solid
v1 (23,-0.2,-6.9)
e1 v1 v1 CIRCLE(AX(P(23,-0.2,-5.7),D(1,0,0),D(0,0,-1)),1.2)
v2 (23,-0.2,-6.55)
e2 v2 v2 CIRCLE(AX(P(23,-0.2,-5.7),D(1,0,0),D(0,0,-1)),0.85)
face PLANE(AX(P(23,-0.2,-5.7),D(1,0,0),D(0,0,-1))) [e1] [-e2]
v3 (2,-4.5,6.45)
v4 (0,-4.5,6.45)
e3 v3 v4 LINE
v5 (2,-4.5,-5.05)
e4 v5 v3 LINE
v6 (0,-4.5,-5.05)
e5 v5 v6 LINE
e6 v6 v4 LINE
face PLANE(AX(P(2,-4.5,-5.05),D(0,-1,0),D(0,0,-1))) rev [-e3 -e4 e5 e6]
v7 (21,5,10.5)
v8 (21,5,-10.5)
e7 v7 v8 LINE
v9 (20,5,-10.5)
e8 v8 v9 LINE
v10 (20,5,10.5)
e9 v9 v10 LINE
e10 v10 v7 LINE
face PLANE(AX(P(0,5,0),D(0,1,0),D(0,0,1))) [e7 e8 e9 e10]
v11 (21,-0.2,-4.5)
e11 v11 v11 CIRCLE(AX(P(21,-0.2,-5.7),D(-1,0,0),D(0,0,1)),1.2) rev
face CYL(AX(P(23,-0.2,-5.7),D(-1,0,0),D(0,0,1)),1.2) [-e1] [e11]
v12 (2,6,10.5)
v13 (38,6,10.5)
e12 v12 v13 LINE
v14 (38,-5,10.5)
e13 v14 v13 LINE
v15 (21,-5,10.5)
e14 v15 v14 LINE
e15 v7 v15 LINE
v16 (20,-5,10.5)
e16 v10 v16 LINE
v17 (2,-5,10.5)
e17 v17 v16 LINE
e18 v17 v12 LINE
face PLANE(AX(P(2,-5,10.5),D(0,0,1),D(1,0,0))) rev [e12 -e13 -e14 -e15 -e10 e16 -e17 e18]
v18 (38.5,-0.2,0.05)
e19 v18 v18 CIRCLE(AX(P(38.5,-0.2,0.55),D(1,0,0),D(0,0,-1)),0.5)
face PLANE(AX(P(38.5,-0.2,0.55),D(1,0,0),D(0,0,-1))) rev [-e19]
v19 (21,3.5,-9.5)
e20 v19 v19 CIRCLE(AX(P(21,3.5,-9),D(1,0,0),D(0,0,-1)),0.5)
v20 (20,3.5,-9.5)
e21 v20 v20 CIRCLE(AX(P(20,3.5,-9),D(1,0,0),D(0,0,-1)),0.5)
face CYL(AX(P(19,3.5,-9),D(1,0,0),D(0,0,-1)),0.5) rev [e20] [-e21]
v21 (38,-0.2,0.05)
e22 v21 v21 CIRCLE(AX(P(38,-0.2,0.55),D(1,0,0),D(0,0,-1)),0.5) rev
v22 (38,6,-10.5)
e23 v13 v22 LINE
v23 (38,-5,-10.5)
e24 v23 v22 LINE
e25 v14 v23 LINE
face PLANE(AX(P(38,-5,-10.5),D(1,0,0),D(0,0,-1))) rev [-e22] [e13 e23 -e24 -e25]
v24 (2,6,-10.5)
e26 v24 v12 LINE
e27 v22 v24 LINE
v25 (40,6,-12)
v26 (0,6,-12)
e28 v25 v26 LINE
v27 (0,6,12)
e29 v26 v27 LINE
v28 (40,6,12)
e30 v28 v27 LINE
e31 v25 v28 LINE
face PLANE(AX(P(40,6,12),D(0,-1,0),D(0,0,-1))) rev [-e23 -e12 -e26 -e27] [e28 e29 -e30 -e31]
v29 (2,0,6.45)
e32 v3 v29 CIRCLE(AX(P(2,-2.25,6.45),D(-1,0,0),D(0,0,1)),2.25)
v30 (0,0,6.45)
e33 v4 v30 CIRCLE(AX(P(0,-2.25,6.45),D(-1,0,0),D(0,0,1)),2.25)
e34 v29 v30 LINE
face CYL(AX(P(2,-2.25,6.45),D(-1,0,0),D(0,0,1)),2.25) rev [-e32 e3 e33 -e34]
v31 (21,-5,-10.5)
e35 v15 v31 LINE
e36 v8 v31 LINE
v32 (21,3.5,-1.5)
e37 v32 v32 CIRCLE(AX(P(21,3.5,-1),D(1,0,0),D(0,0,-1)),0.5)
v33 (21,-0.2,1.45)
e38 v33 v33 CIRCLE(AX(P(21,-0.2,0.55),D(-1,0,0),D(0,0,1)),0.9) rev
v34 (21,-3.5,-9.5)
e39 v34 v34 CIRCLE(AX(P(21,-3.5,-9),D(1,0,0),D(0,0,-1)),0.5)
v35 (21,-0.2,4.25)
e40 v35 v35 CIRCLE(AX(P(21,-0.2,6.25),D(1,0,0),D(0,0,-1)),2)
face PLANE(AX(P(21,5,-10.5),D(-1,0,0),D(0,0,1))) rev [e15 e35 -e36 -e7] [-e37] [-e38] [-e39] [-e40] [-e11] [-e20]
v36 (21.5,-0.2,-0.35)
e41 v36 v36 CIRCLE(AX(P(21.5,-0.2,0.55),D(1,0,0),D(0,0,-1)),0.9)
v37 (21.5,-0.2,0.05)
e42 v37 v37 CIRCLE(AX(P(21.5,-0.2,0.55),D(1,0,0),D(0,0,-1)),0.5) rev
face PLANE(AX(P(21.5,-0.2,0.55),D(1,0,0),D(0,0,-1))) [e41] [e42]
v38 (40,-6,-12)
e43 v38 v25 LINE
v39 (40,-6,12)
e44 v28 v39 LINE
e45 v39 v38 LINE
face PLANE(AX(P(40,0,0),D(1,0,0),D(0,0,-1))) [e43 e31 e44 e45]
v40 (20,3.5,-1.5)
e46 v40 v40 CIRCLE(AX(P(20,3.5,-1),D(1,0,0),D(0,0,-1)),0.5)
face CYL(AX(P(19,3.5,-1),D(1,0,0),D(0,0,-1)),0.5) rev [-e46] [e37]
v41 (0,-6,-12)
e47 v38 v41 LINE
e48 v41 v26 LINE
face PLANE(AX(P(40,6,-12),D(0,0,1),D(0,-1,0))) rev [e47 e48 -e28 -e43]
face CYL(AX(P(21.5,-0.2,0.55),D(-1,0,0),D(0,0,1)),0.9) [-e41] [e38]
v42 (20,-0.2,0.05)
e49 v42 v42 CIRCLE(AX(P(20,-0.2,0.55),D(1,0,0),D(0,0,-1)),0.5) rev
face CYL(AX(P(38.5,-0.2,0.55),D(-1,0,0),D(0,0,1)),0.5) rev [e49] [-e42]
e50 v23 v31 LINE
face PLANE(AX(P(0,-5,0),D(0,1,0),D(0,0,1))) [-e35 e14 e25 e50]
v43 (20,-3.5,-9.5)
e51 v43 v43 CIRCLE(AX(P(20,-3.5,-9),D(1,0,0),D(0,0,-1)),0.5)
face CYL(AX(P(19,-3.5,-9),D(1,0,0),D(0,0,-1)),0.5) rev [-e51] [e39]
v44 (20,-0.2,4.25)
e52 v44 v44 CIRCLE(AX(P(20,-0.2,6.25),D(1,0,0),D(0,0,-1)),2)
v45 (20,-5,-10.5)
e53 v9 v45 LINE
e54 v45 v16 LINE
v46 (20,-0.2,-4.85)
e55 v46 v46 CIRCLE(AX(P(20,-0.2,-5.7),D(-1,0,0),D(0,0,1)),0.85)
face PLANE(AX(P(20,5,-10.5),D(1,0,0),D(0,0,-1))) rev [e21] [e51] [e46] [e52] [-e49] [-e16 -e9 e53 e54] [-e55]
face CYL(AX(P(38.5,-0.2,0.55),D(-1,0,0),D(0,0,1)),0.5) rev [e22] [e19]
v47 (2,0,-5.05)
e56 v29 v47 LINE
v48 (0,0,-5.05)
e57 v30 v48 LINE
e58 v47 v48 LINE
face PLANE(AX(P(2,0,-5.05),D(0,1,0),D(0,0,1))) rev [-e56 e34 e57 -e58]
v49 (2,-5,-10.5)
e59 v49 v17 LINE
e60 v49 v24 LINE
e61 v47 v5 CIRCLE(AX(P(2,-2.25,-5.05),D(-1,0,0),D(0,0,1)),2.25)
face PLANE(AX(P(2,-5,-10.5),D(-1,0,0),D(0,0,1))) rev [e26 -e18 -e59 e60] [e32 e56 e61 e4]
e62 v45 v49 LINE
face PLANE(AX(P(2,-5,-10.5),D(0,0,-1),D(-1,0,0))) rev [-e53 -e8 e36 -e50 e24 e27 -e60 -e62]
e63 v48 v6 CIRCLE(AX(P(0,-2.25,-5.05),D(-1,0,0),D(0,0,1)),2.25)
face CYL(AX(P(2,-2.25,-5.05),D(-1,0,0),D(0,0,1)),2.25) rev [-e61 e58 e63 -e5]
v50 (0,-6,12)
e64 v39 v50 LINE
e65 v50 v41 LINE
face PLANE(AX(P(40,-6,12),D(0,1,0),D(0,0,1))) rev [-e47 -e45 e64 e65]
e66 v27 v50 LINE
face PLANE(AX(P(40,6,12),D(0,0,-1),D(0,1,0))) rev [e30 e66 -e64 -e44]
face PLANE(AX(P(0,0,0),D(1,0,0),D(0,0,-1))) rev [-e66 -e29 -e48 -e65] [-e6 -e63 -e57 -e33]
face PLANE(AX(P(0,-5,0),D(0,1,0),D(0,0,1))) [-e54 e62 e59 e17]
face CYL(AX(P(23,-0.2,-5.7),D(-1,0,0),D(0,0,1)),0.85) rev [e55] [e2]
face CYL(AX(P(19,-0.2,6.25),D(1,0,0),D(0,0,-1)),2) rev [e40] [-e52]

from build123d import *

# Parameters (mm, degrees)
SKETCH_2_W               = 24
SKETCH_2_H               = 12
EXTRUDE_1_DEPTH          = 40
SKETCH_3_W               = 36
SKETCH_3_H               = 21
CUT_EXTRUDE_1_DEPTH      = 11
CUT_EXTRUDE_2_DEPTH      = 2
SKETCH_7_W               = 1
SKETCH_7_H               = 21
EXTRUDE_4_DEPTH          = 10
SKETCH_8_R               = 0.85
CUT_EXTRUDE_3_DEPTH      = 3
SKETCH_9_R               = 1.2
EXTRUDE_5_DEPTH          = 2
CUT_EXTRUDE_START        = -2
SKETCH_10_R              = 0.85
CUT_EXTRUDE_4_DEPTH      = 2
SKETCH_11_R              = 0.9
EXTRUDE_6_DEPTH          = 0.5
CUT_EXTRUDE_5_DEPTH      = 17
CUT_EXTRUDE_5_DEPTH_BACK = 2
SKETCH_12_R              = 0.5
SKETCH_13_R              = 2
CUT_EXTRUDE_6_DEPTH      = 2
SKETCH_14_R              = 0.5
CUT_EXTRUDE_7_DEPTH      = 2


with BuildPart() as part:
    # 草图2 → 凸台-拉伸1 (new body)
    with BuildSketch(Plane(origin=(0, 0, 0), x_dir=(0, 0, -1), z_dir=(1, 0, 0))):
        Rectangle(SKETCH_2_W, SKETCH_2_H)
    extrude(amount=EXTRUDE_1_DEPTH)

    # 草图3 → 切除-拉伸1 (cut)
    with BuildSketch(Plane(origin=(0, 6, 0), x_dir=(1, 0, 0), z_dir=(0, 1, 0))):
        with Locations((20, 0)):
            Rectangle(SKETCH_3_W, SKETCH_3_H)
    extrude(amount=-CUT_EXTRUDE_1_DEPTH, mode=Mode.SUBTRACT)

    # 草图4 → 切除-拉伸2 (cut)
    with BuildSketch(Plane.ZY):
        with BuildLine():
            Line((-5.05, 0), (6.45, 0))
            ThreePointArc((6.45, 0), (8.7, -2.25), (6.45, -4.5))
            Line((6.45, -4.5), (-5.05, -4.5))
            ThreePointArc((-5.05, -4.5), (-7.3, -2.25), (-5.05, 0))
        make_face()
    extrude(amount=-CUT_EXTRUDE_2_DEPTH, mode=Mode.SUBTRACT)

    # 草图7 → 凸台-拉伸4 (add)
    with BuildSketch(Plane(origin=(0, -5, 0), x_dir=(1, 0, 0), z_dir=(0, 1, 0))):
        with Locations((20.5, 0)):
            Rectangle(SKETCH_7_W, SKETCH_7_H)
    extrude(amount=EXTRUDE_4_DEPTH)

    # 草图8 → 切除-拉伸3 (cut)
    with BuildSketch(Plane.ZY.offset(-20)):
        with Locations((-5.7, -0.2)):
            Circle(SKETCH_8_R)
    extrude(amount=-CUT_EXTRUDE_3_DEPTH, mode=Mode.SUBTRACT)

    # 草图9 → 凸台-拉伸5 (add)
    with BuildSketch(Plane(origin=(21, 0, 0), x_dir=(0, 0, -1), z_dir=(1, 0, 0))):
        with Locations(Location((5.7, -0.2, 0), (0, 0, 180))):
            Circle(SKETCH_9_R)
    extrude(amount=EXTRUDE_5_DEPTH)

    # 草图10 → 切除-拉伸4 (cut)
    with BuildSketch(Plane(origin=(23, 0, 0), x_dir=(0, 0, -1), z_dir=(1, 0, 0)).offset(CUT_EXTRUDE_START)):
        with Locations(Location((5.7, -0.2, 0), (0, 0, 180))):
            Circle(SKETCH_10_R)
    extrude(amount=CUT_EXTRUDE_4_DEPTH, mode=Mode.SUBTRACT)

    # 草图11 → 凸台-拉伸6 (add)
    with BuildSketch(Plane(origin=(21, 0, 0), x_dir=(0, 0, -1), z_dir=(1, 0, 0))):
        with Locations(Location((-0.55, -0.2, 0), (0, 0, 180))):
            Circle(SKETCH_11_R)
    extrude(amount=EXTRUDE_6_DEPTH)

    # 草图12 → 切除-拉伸5 (cut, two sides: drawn at the far end of the back side and taken through both)
    with BuildSketch(Plane(origin=(21.5, 0, 0), x_dir=(0, 0, -1), z_dir=(1, 0, 0)).offset(-CUT_EXTRUDE_5_DEPTH_BACK)):
        with Locations((-0.55, -0.2)):
            Circle(SKETCH_12_R)
    extrude(amount=CUT_EXTRUDE_5_DEPTH + CUT_EXTRUDE_5_DEPTH_BACK, mode=Mode.SUBTRACT)

    # 草图13 → 切除-拉伸6 (cut)
    with BuildSketch(Plane(origin=(21, 0, 0), x_dir=(0, 0, -1), z_dir=(1, 0, 0))):
        with Locations((-6.25, -0.2)):
            Circle(SKETCH_13_R)
    extrude(amount=-CUT_EXTRUDE_6_DEPTH, mode=Mode.SUBTRACT)

    # 草图14 → 切除-拉伸7 (cut)
    with BuildSketch(Plane(origin=(21, 0, 0), x_dir=(0, 0, -1), z_dir=(1, 0, 0))):
        with Locations((9, -3.5)):
            Circle(SKETCH_14_R)
        with Locations((9, 3.5)):
            Circle(SKETCH_14_R)
        with Locations((1, 3.5)):
            Circle(SKETCH_14_R)
    extrude(amount=-CUT_EXTRUDE_7_DEPTH, mode=Mode.SUBTRACT)


solid = part.part
